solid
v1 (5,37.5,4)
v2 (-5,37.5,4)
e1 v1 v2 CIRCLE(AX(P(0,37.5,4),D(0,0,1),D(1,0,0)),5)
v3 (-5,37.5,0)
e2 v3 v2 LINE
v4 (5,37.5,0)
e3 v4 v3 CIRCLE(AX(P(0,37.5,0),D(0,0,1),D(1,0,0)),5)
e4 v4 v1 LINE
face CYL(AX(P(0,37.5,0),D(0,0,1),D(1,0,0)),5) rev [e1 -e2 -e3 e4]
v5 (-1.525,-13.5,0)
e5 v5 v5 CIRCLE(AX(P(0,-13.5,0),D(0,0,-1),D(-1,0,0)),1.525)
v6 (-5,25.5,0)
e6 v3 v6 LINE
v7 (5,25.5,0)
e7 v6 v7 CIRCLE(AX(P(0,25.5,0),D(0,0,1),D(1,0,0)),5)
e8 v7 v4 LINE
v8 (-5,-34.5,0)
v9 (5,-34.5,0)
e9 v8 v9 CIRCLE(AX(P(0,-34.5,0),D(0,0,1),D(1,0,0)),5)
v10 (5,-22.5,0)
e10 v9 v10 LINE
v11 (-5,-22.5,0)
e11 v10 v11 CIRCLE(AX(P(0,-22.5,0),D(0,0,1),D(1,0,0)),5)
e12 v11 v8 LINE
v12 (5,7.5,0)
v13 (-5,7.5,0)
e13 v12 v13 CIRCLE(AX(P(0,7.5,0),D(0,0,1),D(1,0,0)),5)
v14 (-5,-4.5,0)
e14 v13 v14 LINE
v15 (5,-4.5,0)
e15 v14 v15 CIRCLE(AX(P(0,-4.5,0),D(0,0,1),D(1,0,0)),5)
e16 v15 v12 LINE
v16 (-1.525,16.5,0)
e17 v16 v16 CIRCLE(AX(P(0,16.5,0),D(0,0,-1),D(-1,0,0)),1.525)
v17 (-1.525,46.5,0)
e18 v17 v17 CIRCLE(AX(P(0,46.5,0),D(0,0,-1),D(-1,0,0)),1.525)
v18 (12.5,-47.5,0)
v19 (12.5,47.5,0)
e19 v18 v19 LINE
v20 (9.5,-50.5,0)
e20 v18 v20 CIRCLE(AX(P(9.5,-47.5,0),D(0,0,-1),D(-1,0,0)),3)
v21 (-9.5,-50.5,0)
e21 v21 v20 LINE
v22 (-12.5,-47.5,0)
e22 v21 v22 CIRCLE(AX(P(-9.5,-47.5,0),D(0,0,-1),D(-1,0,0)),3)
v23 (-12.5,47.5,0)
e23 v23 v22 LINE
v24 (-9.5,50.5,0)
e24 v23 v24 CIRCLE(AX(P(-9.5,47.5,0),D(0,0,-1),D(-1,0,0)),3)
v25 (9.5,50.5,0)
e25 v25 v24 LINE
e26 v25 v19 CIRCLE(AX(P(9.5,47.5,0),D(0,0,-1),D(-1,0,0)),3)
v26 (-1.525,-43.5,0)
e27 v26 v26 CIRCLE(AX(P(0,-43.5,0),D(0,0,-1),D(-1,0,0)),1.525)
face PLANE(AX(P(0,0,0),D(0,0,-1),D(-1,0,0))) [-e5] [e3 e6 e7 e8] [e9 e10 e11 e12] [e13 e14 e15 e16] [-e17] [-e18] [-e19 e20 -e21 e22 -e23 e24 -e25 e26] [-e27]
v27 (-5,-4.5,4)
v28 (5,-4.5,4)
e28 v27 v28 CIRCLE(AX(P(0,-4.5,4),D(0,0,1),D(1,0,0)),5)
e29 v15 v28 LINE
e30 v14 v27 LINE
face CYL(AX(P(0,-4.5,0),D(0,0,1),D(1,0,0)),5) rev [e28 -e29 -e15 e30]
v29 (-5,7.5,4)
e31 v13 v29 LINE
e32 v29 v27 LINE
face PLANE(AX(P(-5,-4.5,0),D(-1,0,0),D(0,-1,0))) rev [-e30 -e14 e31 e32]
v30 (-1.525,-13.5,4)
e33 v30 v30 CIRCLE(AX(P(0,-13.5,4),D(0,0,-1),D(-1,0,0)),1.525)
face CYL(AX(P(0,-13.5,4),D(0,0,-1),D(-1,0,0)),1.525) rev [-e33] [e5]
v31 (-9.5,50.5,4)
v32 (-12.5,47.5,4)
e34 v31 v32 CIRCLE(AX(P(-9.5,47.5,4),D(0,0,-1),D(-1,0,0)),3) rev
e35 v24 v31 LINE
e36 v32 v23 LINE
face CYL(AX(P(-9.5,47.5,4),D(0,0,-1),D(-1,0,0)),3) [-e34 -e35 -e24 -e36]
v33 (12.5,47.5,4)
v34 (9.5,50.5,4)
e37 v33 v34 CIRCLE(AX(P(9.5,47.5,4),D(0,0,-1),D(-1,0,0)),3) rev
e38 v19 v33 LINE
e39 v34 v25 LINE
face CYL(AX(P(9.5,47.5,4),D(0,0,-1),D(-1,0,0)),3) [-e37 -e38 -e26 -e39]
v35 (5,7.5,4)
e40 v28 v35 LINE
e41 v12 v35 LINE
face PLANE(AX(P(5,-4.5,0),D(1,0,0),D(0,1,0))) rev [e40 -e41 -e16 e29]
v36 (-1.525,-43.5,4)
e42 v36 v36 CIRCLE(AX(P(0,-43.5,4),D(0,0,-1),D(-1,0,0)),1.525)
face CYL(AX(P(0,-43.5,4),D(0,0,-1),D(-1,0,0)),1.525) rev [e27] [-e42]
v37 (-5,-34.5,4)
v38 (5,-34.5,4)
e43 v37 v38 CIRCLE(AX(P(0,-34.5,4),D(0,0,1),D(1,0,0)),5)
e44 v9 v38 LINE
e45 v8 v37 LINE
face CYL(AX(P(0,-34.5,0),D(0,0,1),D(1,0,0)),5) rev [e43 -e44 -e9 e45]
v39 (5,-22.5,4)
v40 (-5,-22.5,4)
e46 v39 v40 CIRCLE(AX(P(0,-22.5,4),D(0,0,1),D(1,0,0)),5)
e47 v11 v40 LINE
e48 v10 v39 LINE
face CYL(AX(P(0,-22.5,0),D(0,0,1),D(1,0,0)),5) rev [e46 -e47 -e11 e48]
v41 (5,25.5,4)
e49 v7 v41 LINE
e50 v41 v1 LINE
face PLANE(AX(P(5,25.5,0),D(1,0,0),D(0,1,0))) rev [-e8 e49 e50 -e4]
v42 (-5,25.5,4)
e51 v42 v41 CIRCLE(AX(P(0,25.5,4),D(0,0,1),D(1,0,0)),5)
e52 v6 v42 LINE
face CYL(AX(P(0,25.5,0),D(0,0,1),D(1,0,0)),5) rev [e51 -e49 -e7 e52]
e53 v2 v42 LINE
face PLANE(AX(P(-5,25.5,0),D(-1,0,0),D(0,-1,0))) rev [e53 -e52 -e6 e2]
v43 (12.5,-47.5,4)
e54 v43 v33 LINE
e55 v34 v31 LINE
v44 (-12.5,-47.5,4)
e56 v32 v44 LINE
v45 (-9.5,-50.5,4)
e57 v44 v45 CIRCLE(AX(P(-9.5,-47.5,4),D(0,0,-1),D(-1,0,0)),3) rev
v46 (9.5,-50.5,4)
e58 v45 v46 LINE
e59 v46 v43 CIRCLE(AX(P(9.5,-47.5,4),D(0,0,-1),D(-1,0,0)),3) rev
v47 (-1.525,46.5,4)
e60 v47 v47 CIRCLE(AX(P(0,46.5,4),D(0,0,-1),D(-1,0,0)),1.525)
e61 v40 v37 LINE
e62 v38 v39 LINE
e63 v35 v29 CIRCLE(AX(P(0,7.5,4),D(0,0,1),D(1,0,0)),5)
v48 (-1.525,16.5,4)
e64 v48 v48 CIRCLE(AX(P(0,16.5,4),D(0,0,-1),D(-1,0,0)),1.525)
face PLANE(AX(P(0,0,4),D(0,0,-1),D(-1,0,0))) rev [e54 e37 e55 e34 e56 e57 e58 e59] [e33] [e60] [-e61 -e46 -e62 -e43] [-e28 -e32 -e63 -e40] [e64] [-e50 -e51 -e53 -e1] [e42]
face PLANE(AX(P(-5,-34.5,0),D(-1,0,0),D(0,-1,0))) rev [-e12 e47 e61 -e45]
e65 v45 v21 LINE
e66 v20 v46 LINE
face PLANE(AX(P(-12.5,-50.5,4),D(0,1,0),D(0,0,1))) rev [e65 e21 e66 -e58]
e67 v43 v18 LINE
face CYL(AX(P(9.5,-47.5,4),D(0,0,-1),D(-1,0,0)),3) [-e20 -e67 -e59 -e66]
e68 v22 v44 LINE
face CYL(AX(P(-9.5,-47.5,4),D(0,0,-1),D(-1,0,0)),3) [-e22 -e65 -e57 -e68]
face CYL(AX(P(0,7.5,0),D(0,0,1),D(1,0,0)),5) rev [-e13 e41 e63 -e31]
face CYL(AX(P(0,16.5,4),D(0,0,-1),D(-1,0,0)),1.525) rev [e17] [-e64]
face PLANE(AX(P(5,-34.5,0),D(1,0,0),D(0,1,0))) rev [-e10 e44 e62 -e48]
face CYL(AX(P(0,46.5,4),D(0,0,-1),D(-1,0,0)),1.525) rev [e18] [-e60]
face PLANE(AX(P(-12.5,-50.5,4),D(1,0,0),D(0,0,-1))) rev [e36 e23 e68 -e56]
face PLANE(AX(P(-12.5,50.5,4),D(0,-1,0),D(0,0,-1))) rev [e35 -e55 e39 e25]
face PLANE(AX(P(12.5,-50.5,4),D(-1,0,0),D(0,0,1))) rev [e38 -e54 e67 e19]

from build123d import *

# Parameters (mm, degrees)
SKETCH_1_W               = 25
SKETCH_1_H               = 101
EXTRUDE_1_DEPTH          = 4
SKETCH_3_R               = 1.525
CUT_EXTRUDE_1_DEPTH      = 1
CUT_EXTRUDE_1_DEPTH_BACK = 5
FILLET_1_R               = 3
CUT_EXTRUDE_2_DEPTH      = 1
CUT_EXTRUDE_2_DEPTH_BACK = 5


with BuildPart() as part:
    # 草图1 → 凸台-拉伸1 (new body)
    with BuildSketch(Plane.XY):
        Rectangle(SKETCH_1_W, SKETCH_1_H)
    extrude(amount=EXTRUDE_1_DEPTH)

    # 草图3 → 切除-拉伸1 (cut, two sides)
    with BuildSketch(Plane(origin=(0, 0, 0), x_dir=(-1, 0, 0), z_dir=(0, 0, -1))) as cut_extrude_1_sk:
        with Locations((0, -43.500000001)):
            Circle(SKETCH_3_R)
        with Locations((0, -13.500000001)):
            Circle(SKETCH_3_R)
        with Locations((0, 16.499999999)):
            Circle(SKETCH_3_R)
        with Locations((0, 46.499999999)):
            Circle(SKETCH_3_R)
    extrude(amount=CUT_EXTRUDE_1_DEPTH, mode=Mode.SUBTRACT)
    extrude(cut_extrude_1_sk.sketch, amount=-CUT_EXTRUDE_1_DEPTH_BACK, mode=Mode.SUBTRACT)

    # 圆角1
    fillet_1_edges = [part.edges().sort_by_distance(p)[0] for p in [
        (12.5, -50.5, 2),
        (-12.5, -50.5, 2),
        (-12.5, 50.5, 2),
        (12.5, 50.5, 2),
    ]]
    fillet(fillet_1_edges, radius=FILLET_1_R)

    # 草图4 → 切除-拉伸2 (cut, two sides)
    with BuildSketch(Plane.XY.offset(4)) as cut_extrude_2_sk:
        with BuildLine():
            Line((-5, -34.500000001), (-5, -22.500000001))
            ThreePointArc((-5, -22.500000001), (0, -17.500000001), (5, -22.500000001))
            Line((5, -22.500000001), (5, -34.500000001))
            ThreePointArc((5, -34.500000001), (0, -39.500000001), (-5, -34.500000001))
        make_face()
        with BuildLine():
            Line((-5, -4.500000001), (-5, 7.499999999))
            ThreePointArc((-5, 7.499999999), (0, 12.499999999), (5, 7.499999999))
            Line((5, 7.499999999), (5, -4.500000001))
            ThreePointArc((5, -4.500000001), (0, -9.500000001), (-5, -4.500000001))
        make_face()
        with BuildLine():
            Line((-5, 25.499999999), (-5, 37.499999999))
            ThreePointArc((-5, 37.499999999), (0, 42.499999999), (5, 37.499999999))
            Line((5, 37.499999999), (5, 25.499999999))
            ThreePointArc((5, 25.499999999), (0, 20.499999999), (-5, 25.499999999))
        make_face()
    extrude(amount=CUT_EXTRUDE_2_DEPTH, mode=Mode.SUBTRACT)
    extrude(cut_extrude_2_sk.sketch, amount=-CUT_EXTRUDE_2_DEPTH_BACK, mode=Mode.SUBTRACT)


solid = part.part
